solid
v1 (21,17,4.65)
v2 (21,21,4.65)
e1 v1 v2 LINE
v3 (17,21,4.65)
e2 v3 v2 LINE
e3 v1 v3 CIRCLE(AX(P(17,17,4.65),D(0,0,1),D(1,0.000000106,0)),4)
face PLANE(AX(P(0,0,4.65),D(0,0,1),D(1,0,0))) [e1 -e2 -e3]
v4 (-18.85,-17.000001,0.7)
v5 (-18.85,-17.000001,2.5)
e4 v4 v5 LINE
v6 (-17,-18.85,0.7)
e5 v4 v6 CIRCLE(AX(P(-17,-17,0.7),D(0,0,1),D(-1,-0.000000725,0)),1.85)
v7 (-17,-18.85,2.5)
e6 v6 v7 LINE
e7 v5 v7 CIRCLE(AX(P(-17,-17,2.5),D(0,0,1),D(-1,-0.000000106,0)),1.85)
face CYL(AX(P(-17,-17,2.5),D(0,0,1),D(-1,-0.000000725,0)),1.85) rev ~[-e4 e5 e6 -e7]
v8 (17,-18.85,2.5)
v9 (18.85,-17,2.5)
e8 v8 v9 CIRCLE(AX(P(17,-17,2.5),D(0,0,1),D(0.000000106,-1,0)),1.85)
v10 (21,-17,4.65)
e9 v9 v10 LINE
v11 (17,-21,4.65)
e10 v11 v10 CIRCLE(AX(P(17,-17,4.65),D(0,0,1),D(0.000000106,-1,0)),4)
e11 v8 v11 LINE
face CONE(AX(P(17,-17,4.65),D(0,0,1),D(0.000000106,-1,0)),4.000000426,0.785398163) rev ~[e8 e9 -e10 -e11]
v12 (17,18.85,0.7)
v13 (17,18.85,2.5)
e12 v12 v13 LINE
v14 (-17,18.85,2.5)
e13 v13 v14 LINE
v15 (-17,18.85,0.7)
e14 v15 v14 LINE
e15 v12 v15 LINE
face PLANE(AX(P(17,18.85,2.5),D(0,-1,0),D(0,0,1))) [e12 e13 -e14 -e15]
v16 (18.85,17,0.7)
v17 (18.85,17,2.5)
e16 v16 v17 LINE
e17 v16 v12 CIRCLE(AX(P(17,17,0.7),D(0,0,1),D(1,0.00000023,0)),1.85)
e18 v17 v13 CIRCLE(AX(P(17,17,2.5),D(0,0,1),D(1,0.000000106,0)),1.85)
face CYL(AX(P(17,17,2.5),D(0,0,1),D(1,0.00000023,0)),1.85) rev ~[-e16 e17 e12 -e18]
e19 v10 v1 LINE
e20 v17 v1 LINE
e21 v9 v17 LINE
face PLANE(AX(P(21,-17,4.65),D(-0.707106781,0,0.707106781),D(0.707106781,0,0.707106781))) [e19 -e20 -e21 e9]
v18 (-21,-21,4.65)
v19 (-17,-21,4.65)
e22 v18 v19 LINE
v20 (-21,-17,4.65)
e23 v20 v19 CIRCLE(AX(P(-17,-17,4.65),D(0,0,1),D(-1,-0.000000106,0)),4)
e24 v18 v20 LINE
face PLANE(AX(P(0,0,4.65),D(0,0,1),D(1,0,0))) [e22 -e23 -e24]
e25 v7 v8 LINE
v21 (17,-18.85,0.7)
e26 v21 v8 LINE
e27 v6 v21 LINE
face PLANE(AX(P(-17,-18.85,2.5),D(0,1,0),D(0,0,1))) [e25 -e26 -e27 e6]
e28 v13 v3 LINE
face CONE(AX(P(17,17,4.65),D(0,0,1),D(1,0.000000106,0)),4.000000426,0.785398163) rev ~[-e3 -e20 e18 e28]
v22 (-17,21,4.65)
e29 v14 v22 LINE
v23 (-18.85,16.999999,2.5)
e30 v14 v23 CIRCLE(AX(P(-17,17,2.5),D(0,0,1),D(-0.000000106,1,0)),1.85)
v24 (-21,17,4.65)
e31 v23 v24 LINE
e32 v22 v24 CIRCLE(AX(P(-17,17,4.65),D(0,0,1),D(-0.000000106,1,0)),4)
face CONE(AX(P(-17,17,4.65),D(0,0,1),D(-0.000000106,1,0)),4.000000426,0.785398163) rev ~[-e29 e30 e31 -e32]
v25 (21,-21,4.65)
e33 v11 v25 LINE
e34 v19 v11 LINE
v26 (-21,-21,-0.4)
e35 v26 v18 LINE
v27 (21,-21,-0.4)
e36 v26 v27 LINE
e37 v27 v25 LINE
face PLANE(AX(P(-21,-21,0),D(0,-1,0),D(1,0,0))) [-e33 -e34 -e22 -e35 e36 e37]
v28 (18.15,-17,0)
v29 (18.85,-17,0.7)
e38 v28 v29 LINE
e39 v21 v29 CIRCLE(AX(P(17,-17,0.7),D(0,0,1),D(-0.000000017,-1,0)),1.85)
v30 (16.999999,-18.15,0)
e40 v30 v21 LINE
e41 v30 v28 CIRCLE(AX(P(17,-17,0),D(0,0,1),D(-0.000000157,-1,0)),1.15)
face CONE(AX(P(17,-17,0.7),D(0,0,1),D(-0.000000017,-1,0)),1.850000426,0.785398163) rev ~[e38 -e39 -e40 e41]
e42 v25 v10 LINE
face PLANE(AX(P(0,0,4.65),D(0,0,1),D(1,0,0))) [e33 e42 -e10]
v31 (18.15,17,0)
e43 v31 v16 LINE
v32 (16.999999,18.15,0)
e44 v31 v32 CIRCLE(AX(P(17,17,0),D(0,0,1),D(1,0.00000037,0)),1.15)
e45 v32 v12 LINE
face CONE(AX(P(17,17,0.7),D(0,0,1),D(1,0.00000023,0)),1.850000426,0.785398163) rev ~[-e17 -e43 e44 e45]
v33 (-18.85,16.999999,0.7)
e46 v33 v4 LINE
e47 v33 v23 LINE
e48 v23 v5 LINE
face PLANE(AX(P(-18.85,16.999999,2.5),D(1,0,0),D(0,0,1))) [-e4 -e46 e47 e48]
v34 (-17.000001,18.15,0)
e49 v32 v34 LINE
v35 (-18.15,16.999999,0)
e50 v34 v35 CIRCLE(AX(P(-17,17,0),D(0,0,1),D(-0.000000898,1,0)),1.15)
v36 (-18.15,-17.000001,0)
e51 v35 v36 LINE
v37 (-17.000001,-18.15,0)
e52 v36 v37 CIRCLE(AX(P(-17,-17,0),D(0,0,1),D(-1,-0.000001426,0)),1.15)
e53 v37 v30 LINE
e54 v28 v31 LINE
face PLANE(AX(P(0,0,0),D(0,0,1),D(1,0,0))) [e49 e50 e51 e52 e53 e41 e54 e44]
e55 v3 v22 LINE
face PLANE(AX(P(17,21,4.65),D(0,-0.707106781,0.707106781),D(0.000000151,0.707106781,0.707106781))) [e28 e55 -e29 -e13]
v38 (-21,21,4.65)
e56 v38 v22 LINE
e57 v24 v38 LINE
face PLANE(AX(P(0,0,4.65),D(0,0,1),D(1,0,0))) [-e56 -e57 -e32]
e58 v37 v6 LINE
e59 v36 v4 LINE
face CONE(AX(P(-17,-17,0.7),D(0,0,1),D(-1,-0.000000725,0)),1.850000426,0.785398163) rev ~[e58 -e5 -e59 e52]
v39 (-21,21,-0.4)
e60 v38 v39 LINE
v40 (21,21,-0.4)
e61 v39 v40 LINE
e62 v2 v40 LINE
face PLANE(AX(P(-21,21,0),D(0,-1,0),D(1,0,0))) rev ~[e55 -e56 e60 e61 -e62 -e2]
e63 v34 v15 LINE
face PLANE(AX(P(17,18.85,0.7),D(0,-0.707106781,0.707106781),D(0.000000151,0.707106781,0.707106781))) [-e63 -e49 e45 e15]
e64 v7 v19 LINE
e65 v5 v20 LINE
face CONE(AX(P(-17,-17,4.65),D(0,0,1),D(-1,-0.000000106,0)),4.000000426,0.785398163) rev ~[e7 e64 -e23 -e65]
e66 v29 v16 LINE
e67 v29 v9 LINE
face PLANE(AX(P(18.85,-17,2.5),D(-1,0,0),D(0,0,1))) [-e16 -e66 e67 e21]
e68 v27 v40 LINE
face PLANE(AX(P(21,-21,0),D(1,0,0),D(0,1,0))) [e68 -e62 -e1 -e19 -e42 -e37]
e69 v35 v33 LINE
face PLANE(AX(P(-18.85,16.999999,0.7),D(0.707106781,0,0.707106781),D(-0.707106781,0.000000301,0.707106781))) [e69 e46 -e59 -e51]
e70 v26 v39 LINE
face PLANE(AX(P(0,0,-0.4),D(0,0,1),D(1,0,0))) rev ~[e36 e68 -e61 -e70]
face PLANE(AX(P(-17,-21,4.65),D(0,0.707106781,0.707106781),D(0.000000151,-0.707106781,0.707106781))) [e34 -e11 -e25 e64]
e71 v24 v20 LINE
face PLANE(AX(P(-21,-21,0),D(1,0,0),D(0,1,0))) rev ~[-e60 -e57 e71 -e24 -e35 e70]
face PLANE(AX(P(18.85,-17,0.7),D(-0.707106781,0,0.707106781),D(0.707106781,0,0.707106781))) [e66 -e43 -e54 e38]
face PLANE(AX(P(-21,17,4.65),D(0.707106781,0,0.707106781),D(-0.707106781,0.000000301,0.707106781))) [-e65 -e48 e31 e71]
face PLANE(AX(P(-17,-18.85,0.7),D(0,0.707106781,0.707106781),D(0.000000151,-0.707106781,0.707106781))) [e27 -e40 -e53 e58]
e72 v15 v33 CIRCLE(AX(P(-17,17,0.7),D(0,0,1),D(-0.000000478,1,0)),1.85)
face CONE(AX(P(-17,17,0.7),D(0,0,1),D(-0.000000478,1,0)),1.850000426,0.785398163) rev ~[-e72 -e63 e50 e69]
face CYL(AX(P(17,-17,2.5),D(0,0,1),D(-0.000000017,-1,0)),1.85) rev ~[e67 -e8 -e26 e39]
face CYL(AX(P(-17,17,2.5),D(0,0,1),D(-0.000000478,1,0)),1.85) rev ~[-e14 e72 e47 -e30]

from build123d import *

# Parameters (mm, degrees)
SKETCH_W       = 42
SKETCH_H       = 42
PAD_DEPTH      = 4.65
PAD_DEPTH_BACK = 0.4
POCKET_DEPTH   = 4.651


with BuildPart() as part:
    # Sketch → Pad (new body, two sides)
    with BuildSketch(Plane.XY) as pad_sk:
        Rectangle(SKETCH_W, SKETCH_H)
    extrude(amount=PAD_DEPTH)
    extrude(pad_sk.sketch, amount=-PAD_DEPTH_BACK)

    # SubtractivePipe: sweep along a path in Sketch001
    with BuildLine(Plane.XY) as subtractivepipe_path:
        Line((-17, -21), (17, -21))
        ThreePointArc((17, -21), (19.828427, -19.828427), (21, -17))
        Line((21, -17), (21, 17))
        ThreePointArc((21, 17), (19.828427, 19.828427), (17, 21))
        Line((17, 21), (-17, 21))
        ThreePointArc((-17, 21), (-19.828427, 19.828427), (-21, 17))
        Line((-21, 17), (-21, -17))
        ThreePointArc((-21, -17), (-19.828427, -19.828427), (-17, -21))
    # Sketch002 → SubtractivePipe (sweep, cut)
    with BuildSketch(Plane.XZ):
        Polygon((21, 4.65), (18.85, 2.5), (18.85, 0.7), (18.15, 0), (18.15, 4.65), align=None)
    sweep(path=subtractivepipe_path.line, mode=Mode.SUBTRACT)

    # Sketch003 → Pocket (cut, through all)
    with BuildSketch(Plane.XY):
        with BuildLine():
            Line((18.15, -17), (18.15, 17))
            ThreePointArc((18.15, 17), (17.813173, 17.813173), (17, 18.15))
            Line((17, 18.15), (-17, 18.15))
            ThreePointArc((-17, 18.15), (-17.813173, 17.813173), (-18.15, 17))
            Line((-18.15, 17), (-18.15, -17))
            ThreePointArc((-18.15, -17), (-17.813173, -17.813173), (-17, -18.15))
            Line((-17, -18.15), (17, -18.15))
            ThreePointArc((17, -18.15), (17.813173, -17.813173), (18.15, -17))
        make_face()
    extrude(amount=POCKET_DEPTH, mode=Mode.SUBTRACT)


solid = part.part
